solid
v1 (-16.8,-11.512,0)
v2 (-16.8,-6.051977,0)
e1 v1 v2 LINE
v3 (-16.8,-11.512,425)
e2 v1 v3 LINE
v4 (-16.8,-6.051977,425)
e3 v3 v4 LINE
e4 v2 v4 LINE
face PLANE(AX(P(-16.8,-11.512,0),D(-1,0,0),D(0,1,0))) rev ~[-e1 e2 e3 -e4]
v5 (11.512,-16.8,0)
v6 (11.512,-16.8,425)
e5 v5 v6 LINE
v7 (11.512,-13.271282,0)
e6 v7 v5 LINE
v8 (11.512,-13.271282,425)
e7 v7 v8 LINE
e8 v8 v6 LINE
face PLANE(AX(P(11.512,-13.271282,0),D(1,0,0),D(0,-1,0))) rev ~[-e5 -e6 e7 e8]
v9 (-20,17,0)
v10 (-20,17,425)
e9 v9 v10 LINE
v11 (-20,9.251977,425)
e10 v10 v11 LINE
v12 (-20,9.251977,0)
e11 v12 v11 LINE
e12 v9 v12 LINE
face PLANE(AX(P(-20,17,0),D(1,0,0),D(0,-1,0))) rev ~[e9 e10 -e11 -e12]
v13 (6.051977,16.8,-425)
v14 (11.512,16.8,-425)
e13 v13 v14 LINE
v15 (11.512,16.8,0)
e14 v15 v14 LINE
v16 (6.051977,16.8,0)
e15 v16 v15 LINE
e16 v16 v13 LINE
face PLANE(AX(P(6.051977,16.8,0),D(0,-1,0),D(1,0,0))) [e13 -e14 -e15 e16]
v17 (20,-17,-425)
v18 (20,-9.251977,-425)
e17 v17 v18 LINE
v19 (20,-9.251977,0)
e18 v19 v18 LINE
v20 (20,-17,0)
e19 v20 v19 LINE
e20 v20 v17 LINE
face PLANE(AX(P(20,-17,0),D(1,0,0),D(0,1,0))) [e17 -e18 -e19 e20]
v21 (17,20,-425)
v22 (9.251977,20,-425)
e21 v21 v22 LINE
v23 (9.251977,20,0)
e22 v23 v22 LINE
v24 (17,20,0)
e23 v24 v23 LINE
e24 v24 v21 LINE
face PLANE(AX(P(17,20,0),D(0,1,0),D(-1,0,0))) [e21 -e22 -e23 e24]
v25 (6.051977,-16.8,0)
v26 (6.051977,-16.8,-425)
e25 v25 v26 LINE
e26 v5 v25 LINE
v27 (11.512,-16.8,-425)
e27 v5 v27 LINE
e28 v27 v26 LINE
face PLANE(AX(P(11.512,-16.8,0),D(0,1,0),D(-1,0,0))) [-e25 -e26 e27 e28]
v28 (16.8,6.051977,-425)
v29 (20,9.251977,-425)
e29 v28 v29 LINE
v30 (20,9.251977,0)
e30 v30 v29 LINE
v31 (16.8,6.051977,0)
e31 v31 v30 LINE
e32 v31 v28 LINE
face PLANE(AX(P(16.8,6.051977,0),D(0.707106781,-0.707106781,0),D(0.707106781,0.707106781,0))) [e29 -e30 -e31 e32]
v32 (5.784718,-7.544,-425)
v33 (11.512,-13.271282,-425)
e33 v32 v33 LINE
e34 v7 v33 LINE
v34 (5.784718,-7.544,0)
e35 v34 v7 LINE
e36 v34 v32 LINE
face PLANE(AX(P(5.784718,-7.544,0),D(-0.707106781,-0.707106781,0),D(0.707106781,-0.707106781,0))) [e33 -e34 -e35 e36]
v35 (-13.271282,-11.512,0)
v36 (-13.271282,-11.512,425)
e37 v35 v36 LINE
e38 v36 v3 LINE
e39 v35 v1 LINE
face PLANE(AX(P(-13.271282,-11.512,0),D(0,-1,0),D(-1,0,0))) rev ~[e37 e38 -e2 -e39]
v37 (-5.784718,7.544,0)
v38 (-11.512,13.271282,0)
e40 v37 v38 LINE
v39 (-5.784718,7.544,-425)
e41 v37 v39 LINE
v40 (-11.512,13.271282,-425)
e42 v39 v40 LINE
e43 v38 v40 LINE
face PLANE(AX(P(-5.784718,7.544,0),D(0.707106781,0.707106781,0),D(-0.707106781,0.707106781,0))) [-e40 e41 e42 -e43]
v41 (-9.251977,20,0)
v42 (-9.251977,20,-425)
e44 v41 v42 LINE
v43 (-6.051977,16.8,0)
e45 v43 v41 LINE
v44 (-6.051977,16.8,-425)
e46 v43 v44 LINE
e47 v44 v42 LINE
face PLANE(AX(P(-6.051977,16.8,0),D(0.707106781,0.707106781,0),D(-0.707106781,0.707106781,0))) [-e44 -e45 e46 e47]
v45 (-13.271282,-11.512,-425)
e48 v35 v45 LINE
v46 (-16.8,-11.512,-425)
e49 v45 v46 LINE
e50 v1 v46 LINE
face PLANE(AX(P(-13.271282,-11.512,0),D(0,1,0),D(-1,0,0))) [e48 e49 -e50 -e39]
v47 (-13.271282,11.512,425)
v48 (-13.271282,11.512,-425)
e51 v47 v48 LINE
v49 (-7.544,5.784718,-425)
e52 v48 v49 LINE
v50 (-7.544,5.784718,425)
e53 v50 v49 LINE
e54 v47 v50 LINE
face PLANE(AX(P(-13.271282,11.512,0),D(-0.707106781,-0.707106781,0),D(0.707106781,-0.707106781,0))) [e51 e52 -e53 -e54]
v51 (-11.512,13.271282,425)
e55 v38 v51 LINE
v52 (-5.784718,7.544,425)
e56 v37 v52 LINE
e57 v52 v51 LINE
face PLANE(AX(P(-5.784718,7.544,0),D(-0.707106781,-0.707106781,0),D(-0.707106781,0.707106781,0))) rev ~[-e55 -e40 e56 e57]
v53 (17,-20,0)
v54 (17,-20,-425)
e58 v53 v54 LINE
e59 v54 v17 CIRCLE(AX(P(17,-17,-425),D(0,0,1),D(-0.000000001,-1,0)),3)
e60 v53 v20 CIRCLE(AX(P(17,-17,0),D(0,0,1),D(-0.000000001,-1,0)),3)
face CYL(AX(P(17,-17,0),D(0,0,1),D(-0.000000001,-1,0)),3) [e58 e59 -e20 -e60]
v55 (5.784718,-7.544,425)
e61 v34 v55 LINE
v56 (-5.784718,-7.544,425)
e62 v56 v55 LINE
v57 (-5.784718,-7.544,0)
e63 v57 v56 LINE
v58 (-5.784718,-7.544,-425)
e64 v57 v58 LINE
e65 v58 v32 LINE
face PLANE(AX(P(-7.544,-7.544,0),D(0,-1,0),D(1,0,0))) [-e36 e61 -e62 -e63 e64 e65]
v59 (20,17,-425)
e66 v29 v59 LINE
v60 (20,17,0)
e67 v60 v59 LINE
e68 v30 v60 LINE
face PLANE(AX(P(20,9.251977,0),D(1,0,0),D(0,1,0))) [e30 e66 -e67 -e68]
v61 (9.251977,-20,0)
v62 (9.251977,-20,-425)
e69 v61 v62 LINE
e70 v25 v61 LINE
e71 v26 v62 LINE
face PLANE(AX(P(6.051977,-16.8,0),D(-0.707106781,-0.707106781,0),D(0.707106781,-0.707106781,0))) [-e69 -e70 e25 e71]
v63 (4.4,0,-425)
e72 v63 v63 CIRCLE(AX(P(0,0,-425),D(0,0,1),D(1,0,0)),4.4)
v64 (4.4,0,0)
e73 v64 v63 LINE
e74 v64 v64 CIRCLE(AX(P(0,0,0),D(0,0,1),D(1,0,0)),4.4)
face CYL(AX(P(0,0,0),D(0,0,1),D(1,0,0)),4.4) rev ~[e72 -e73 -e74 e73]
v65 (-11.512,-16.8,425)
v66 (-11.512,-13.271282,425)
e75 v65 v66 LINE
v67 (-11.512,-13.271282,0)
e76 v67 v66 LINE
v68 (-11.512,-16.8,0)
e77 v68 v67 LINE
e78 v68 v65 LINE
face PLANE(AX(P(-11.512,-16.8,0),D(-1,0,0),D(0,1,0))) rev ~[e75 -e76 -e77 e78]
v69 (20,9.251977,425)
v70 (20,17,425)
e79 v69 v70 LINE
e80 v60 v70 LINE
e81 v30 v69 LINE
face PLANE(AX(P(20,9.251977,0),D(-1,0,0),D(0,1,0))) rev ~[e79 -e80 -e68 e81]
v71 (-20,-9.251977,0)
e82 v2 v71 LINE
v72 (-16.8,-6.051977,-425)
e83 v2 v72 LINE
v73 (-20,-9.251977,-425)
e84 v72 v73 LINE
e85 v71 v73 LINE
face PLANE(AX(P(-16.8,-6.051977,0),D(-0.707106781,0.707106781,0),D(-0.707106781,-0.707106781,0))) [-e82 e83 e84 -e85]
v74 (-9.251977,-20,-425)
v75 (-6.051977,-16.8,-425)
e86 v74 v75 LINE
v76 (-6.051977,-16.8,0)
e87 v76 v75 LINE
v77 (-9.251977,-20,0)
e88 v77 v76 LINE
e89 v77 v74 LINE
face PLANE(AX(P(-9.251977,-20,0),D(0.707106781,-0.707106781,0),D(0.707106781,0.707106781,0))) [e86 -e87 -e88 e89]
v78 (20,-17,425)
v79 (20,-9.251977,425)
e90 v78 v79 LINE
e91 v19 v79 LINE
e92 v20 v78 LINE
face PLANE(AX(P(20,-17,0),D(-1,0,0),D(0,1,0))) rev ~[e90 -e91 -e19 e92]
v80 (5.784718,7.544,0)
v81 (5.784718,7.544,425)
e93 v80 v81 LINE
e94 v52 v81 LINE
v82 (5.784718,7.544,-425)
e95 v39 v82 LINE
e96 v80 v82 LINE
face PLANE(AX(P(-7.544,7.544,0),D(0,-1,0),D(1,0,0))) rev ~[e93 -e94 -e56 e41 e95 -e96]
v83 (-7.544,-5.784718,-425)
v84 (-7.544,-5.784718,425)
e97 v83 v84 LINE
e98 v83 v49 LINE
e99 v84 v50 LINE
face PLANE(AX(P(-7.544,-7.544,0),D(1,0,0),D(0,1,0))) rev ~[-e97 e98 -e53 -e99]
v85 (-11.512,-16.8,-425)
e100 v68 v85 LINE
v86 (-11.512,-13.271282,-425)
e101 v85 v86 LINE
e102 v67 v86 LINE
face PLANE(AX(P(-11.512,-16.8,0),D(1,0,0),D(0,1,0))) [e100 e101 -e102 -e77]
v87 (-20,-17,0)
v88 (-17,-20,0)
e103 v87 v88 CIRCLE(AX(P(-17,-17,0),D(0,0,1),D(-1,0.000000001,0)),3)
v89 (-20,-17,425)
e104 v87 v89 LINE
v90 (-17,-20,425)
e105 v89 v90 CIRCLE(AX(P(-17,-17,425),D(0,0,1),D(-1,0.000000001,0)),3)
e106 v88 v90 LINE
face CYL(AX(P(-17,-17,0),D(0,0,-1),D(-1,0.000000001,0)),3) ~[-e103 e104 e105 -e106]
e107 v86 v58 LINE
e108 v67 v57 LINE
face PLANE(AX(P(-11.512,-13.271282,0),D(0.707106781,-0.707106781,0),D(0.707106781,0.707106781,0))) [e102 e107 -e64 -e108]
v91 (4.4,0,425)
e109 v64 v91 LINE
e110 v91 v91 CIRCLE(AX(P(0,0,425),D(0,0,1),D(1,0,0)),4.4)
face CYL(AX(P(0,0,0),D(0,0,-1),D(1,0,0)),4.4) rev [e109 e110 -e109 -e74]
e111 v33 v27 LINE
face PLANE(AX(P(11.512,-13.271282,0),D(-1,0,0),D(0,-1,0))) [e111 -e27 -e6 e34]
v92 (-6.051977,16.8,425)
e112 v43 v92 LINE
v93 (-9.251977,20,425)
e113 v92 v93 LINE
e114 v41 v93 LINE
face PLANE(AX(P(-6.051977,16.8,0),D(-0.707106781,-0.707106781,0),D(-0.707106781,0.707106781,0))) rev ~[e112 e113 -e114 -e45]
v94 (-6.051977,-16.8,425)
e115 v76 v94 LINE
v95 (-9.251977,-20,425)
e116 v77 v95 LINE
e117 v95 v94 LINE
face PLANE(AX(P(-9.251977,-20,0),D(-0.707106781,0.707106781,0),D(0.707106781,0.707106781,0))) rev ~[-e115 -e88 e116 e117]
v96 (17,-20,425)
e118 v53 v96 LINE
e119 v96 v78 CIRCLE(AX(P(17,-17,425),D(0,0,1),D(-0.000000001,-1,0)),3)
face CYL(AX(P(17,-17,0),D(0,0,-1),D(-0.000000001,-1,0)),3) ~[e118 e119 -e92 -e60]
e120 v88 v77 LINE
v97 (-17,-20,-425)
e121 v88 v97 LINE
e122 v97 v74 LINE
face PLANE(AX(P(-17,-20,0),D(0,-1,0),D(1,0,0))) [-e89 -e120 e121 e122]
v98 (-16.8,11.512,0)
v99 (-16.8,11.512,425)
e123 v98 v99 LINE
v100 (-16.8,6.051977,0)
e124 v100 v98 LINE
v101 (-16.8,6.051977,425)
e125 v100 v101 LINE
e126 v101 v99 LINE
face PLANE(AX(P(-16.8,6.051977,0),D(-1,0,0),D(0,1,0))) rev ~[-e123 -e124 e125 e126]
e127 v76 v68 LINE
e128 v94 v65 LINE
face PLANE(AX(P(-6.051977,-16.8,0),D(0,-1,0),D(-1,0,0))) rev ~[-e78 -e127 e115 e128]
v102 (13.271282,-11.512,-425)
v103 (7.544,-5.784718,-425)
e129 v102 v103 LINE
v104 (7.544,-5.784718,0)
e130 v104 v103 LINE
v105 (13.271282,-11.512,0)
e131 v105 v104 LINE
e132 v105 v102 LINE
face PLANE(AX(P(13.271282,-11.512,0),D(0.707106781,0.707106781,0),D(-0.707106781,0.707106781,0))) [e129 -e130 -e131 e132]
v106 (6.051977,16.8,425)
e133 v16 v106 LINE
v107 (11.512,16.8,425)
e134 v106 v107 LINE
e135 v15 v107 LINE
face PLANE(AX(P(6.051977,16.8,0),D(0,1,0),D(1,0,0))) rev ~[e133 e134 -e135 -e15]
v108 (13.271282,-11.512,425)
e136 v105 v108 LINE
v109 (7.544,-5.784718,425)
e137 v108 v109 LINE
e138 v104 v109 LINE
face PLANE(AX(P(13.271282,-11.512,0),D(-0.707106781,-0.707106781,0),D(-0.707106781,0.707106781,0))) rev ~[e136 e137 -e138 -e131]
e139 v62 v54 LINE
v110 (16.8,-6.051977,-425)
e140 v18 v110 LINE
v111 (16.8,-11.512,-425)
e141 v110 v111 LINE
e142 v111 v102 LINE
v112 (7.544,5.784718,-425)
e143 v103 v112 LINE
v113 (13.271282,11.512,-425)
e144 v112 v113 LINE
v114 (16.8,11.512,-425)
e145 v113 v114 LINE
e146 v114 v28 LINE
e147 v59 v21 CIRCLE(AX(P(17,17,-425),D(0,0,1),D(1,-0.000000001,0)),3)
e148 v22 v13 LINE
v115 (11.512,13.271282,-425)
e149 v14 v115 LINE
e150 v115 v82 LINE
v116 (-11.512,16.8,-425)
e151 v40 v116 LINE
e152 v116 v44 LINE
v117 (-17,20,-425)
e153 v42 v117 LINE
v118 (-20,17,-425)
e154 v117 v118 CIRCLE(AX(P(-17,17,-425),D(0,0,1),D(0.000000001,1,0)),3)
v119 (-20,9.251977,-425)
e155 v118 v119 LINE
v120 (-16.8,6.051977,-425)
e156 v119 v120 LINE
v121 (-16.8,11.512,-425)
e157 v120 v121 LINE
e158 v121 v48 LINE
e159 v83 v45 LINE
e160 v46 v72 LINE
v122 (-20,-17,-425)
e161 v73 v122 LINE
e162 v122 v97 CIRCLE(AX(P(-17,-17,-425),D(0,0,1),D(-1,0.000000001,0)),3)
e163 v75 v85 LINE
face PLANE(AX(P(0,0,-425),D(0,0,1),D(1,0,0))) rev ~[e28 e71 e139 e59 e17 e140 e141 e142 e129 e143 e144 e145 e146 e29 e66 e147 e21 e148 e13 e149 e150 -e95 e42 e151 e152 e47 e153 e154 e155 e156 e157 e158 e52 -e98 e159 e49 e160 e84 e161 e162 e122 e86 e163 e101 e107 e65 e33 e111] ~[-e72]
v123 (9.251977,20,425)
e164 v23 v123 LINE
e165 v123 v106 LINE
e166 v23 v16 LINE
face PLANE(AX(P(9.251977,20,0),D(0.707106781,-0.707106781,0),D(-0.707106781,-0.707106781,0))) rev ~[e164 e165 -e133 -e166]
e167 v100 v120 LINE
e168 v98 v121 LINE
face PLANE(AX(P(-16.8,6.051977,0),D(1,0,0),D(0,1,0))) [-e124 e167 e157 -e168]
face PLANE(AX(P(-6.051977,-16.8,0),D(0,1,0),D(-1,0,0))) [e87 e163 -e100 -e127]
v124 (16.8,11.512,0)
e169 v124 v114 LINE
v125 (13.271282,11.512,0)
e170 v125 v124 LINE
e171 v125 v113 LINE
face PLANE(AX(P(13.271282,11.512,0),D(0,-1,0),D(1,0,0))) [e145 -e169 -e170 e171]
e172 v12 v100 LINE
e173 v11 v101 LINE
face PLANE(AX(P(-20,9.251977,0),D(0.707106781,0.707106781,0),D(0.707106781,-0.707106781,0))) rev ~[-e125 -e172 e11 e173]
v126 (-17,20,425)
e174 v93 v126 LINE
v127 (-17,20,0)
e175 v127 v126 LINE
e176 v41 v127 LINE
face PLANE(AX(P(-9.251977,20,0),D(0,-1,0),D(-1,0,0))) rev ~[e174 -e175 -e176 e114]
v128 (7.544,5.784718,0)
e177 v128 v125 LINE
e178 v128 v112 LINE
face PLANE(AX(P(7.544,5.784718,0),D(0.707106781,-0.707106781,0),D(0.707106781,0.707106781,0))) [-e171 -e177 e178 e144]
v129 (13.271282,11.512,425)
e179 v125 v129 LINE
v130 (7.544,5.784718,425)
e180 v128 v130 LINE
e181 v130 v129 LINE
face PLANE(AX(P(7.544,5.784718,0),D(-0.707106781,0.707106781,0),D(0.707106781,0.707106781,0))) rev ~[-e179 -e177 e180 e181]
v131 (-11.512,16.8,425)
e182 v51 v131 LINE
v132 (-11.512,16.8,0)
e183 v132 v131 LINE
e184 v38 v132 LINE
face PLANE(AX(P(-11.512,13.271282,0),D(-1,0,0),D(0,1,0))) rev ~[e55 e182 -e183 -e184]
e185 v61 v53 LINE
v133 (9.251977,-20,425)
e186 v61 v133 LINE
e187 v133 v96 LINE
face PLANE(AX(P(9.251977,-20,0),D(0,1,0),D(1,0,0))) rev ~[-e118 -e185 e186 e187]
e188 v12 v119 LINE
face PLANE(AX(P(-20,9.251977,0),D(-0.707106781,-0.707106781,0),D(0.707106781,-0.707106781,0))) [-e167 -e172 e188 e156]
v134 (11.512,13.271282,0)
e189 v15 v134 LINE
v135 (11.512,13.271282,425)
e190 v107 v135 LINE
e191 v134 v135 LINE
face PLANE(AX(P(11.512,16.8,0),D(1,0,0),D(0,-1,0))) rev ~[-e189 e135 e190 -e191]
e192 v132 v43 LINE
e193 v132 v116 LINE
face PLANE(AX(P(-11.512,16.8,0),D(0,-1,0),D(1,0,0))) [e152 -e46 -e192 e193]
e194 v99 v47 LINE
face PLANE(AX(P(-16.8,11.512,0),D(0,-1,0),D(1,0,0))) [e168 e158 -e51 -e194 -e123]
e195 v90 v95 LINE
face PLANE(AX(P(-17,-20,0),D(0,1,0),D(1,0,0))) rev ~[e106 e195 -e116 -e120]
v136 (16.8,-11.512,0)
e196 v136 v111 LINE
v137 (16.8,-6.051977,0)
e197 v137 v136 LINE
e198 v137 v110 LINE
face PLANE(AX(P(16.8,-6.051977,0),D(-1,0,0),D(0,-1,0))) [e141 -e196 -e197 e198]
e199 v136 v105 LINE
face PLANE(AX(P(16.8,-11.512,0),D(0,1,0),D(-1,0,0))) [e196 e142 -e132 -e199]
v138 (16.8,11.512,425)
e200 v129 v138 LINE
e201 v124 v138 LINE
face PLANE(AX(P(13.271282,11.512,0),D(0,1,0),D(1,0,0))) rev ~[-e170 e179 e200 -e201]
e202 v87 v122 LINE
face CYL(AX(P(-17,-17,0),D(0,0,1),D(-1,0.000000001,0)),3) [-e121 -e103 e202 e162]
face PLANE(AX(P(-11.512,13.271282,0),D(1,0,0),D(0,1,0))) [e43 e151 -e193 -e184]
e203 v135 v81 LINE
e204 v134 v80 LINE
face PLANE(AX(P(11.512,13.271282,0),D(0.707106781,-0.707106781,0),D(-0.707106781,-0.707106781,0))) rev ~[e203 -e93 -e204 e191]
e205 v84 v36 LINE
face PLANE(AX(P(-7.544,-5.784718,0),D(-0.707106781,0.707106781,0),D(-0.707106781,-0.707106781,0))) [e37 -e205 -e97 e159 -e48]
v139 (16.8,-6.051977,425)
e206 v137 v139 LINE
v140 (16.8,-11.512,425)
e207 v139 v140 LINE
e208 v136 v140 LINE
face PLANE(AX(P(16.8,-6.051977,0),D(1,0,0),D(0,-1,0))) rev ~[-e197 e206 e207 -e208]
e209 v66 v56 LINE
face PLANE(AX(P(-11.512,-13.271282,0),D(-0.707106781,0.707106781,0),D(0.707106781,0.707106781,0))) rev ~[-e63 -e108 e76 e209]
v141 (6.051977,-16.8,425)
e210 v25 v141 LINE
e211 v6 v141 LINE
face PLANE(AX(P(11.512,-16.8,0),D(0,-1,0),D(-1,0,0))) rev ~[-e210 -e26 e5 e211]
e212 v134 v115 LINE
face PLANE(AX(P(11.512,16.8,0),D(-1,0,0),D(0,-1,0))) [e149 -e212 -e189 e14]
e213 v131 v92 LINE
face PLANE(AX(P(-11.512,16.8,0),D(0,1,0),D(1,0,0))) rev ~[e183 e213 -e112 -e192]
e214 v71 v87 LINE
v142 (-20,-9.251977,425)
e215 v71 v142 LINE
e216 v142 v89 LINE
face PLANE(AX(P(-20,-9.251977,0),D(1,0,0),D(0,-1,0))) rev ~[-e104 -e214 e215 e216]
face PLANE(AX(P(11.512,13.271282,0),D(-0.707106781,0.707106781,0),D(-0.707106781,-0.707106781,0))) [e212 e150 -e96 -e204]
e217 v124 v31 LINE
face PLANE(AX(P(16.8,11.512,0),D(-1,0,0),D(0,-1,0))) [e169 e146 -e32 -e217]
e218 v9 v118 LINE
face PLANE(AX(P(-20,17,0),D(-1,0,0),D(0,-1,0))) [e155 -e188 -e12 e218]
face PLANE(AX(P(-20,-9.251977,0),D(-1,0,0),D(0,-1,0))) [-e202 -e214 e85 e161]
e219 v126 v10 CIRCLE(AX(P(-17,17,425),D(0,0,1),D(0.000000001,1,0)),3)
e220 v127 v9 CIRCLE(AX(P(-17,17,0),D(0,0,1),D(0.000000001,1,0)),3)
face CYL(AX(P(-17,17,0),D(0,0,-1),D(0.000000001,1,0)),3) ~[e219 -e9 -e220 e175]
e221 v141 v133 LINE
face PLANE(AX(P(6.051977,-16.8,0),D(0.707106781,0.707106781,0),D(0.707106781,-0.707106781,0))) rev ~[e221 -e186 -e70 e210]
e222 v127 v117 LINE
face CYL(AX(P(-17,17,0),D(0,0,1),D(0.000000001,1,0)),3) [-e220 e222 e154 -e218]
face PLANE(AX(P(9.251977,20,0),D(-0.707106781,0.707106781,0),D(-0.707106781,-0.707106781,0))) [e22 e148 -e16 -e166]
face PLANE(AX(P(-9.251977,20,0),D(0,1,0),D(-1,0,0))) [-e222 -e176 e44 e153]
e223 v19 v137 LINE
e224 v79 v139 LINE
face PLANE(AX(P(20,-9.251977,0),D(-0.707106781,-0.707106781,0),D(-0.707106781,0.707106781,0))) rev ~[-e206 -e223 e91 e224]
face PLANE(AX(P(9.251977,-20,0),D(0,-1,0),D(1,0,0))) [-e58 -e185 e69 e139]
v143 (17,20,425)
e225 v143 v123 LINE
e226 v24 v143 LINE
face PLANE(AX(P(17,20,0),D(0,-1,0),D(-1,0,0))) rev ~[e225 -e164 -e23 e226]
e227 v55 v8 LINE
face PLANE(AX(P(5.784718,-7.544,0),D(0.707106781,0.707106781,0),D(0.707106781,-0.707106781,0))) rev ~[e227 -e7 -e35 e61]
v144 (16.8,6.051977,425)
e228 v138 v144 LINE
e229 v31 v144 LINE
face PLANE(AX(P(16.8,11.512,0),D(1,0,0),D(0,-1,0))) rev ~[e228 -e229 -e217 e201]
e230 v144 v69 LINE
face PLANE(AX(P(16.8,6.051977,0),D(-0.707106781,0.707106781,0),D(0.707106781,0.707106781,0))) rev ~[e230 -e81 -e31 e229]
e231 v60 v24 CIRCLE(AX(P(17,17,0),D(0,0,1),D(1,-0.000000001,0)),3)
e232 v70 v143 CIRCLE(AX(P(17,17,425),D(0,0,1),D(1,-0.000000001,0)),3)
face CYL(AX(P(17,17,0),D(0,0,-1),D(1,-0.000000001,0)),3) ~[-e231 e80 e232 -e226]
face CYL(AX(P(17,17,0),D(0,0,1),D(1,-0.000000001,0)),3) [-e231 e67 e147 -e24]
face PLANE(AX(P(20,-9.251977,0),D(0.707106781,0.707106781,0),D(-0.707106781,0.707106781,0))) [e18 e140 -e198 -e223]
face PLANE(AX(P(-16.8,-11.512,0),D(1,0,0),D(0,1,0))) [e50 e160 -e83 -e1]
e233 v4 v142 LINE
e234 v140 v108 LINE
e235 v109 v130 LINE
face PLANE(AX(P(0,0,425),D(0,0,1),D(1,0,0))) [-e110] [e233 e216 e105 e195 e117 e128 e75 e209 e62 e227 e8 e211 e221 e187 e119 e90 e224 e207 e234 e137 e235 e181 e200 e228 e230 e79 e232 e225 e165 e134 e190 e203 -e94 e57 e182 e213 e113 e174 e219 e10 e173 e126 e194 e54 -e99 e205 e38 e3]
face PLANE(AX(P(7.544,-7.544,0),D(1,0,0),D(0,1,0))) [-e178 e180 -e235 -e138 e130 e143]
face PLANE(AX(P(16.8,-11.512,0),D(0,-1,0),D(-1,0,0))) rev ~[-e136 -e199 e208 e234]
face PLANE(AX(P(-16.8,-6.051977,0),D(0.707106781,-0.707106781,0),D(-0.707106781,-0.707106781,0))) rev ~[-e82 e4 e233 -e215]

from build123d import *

# Parameters (mm, degrees)
SKETCH1_W           = 15.088
SKETCH1_H           = 15.088
SKETCH1_R           = 4.4
BOSS_EXTRUDE1_DEPTH = 425


with BuildPart() as part:
    # Sketch1 → Boss-Extrude1 (new, symmetric)
    # profile 1 of 5: a face of its own
    with BuildSketch(Plane.XY):
        with BuildLine():
            Line((-7.544, 7.544), (-5.784718328, 7.544))
            Line((-5.784718328, 7.544), (-11.512, 13.271281672))
            Line((-11.512, 13.271281672), (-11.512, 16.8))
            Line((-11.512, 16.8), (-6.051976926, 16.8))
            Line((-6.051976926, 16.8), (-9.251976926, 20))
            Line((-9.251976926, 20), (-17, 20))
            ThreePointArc((-17, 20), (-19.121320344, 19.121320344), (-20, 17))
            Line((-20, 17), (-20, 9.251976926))
            Line((-20, 9.251976926), (-16.8, 6.051976926))
            Line((-16.8, 6.051976926), (-16.8, 11.512))
            Line((-16.8, 11.512), (-13.271281672, 11.512))
            Line((-13.271281672, 11.512), (-7.544, 5.784718328))
            Line((-7.544, 5.784718328), (-7.544, 7.544))
        make_face()
    # profile 2 of 5: a face of its own
    with BuildSketch(Plane.XY):
        with BuildLine():
            Line((11.512, 13.271281672), (5.784718328, 7.544))
            Line((5.784718328, 7.544), (7.544, 7.544))
            Line((7.544, 7.544), (7.544, 5.784718328))
            Line((7.544, 5.784718328), (13.271281672, 11.512))
            Line((13.271281672, 11.512), (16.8, 11.512))
            Line((16.8, 11.512), (16.8, 6.051976926))
            Line((16.8, 6.051976926), (20, 9.251976926))
            Line((20, 9.251976926), (20, 17))
            ThreePointArc((20, 17), (19.121320344, 19.121320344), (17, 20))
            Line((17, 20), (9.251976926, 20))
            Line((9.251976926, 20), (6.051976926, 16.8))
            Line((6.051976926, 16.8), (11.512, 16.8))
            Line((11.512, 16.8), (11.512, 13.271281672))
        make_face()
    # profile 3 of 5: a face of its own
    with BuildSketch(Plane.XY):
        with BuildLine():
            Line((-7.544, -7.544), (-7.544, -5.784718328))
            Line((-7.544, -5.784718328), (-13.271281672, -11.512))
            Line((-13.271281672, -11.512), (-16.8, -11.512))
            Line((-16.8, -11.512), (-16.8, -6.051976926))
            Line((-16.8, -6.051976926), (-20, -9.251976926))
            Line((-20, -9.251976926), (-20, -17))
            ThreePointArc((-20, -17), (-19.121320344, -19.121320344), (-17, -20))
            Line((-17, -20), (-9.251976926, -20))
            Line((-9.251976926, -20), (-6.051976926, -16.8))
            Line((-6.051976926, -16.8), (-11.512, -16.8))
            Line((-11.512, -16.8), (-11.512, -13.271281672))
            Line((-11.512, -13.271281672), (-5.784718328, -7.544))
            Line((-5.784718328, -7.544), (-7.544, -7.544))
        make_face()
    # profile 4 of 5: a face of its own
    with BuildSketch(Plane.XY):
        with BuildLine():
            Line((13.271281672, -11.512), (7.544, -5.784718328))
            Line((7.544, -5.784718328), (7.544, -7.544))
            Line((7.544, -7.544), (5.784718328, -7.544))
            Line((5.784718328, -7.544), (11.512, -13.271281672))
            Line((11.512, -13.271281672), (11.512, -16.8))
            Line((11.512, -16.8), (6.051976926, -16.8))
            Line((6.051976926, -16.8), (9.251976926, -20))
            Line((9.251976926, -20), (17, -20))
            ThreePointArc((17, -20), (19.121320344, -19.121320344), (20, -17))
            Line((20, -17), (20, -9.251976926))
            Line((20, -9.251976926), (16.8, -6.051976926))
            Line((16.8, -6.051976926), (16.8, -11.512))
            Line((16.8, -11.512), (13.271281672, -11.512))
        make_face()
    # profile 5 of 5: a face of its own
    with BuildSketch(Plane.XY):
        Rectangle(SKETCH1_W, SKETCH1_H)
        Circle(SKETCH1_R, mode=Mode.SUBTRACT)
    extrude(amount=BOSS_EXTRUDE1_DEPTH, both=True)


solid = part.part
